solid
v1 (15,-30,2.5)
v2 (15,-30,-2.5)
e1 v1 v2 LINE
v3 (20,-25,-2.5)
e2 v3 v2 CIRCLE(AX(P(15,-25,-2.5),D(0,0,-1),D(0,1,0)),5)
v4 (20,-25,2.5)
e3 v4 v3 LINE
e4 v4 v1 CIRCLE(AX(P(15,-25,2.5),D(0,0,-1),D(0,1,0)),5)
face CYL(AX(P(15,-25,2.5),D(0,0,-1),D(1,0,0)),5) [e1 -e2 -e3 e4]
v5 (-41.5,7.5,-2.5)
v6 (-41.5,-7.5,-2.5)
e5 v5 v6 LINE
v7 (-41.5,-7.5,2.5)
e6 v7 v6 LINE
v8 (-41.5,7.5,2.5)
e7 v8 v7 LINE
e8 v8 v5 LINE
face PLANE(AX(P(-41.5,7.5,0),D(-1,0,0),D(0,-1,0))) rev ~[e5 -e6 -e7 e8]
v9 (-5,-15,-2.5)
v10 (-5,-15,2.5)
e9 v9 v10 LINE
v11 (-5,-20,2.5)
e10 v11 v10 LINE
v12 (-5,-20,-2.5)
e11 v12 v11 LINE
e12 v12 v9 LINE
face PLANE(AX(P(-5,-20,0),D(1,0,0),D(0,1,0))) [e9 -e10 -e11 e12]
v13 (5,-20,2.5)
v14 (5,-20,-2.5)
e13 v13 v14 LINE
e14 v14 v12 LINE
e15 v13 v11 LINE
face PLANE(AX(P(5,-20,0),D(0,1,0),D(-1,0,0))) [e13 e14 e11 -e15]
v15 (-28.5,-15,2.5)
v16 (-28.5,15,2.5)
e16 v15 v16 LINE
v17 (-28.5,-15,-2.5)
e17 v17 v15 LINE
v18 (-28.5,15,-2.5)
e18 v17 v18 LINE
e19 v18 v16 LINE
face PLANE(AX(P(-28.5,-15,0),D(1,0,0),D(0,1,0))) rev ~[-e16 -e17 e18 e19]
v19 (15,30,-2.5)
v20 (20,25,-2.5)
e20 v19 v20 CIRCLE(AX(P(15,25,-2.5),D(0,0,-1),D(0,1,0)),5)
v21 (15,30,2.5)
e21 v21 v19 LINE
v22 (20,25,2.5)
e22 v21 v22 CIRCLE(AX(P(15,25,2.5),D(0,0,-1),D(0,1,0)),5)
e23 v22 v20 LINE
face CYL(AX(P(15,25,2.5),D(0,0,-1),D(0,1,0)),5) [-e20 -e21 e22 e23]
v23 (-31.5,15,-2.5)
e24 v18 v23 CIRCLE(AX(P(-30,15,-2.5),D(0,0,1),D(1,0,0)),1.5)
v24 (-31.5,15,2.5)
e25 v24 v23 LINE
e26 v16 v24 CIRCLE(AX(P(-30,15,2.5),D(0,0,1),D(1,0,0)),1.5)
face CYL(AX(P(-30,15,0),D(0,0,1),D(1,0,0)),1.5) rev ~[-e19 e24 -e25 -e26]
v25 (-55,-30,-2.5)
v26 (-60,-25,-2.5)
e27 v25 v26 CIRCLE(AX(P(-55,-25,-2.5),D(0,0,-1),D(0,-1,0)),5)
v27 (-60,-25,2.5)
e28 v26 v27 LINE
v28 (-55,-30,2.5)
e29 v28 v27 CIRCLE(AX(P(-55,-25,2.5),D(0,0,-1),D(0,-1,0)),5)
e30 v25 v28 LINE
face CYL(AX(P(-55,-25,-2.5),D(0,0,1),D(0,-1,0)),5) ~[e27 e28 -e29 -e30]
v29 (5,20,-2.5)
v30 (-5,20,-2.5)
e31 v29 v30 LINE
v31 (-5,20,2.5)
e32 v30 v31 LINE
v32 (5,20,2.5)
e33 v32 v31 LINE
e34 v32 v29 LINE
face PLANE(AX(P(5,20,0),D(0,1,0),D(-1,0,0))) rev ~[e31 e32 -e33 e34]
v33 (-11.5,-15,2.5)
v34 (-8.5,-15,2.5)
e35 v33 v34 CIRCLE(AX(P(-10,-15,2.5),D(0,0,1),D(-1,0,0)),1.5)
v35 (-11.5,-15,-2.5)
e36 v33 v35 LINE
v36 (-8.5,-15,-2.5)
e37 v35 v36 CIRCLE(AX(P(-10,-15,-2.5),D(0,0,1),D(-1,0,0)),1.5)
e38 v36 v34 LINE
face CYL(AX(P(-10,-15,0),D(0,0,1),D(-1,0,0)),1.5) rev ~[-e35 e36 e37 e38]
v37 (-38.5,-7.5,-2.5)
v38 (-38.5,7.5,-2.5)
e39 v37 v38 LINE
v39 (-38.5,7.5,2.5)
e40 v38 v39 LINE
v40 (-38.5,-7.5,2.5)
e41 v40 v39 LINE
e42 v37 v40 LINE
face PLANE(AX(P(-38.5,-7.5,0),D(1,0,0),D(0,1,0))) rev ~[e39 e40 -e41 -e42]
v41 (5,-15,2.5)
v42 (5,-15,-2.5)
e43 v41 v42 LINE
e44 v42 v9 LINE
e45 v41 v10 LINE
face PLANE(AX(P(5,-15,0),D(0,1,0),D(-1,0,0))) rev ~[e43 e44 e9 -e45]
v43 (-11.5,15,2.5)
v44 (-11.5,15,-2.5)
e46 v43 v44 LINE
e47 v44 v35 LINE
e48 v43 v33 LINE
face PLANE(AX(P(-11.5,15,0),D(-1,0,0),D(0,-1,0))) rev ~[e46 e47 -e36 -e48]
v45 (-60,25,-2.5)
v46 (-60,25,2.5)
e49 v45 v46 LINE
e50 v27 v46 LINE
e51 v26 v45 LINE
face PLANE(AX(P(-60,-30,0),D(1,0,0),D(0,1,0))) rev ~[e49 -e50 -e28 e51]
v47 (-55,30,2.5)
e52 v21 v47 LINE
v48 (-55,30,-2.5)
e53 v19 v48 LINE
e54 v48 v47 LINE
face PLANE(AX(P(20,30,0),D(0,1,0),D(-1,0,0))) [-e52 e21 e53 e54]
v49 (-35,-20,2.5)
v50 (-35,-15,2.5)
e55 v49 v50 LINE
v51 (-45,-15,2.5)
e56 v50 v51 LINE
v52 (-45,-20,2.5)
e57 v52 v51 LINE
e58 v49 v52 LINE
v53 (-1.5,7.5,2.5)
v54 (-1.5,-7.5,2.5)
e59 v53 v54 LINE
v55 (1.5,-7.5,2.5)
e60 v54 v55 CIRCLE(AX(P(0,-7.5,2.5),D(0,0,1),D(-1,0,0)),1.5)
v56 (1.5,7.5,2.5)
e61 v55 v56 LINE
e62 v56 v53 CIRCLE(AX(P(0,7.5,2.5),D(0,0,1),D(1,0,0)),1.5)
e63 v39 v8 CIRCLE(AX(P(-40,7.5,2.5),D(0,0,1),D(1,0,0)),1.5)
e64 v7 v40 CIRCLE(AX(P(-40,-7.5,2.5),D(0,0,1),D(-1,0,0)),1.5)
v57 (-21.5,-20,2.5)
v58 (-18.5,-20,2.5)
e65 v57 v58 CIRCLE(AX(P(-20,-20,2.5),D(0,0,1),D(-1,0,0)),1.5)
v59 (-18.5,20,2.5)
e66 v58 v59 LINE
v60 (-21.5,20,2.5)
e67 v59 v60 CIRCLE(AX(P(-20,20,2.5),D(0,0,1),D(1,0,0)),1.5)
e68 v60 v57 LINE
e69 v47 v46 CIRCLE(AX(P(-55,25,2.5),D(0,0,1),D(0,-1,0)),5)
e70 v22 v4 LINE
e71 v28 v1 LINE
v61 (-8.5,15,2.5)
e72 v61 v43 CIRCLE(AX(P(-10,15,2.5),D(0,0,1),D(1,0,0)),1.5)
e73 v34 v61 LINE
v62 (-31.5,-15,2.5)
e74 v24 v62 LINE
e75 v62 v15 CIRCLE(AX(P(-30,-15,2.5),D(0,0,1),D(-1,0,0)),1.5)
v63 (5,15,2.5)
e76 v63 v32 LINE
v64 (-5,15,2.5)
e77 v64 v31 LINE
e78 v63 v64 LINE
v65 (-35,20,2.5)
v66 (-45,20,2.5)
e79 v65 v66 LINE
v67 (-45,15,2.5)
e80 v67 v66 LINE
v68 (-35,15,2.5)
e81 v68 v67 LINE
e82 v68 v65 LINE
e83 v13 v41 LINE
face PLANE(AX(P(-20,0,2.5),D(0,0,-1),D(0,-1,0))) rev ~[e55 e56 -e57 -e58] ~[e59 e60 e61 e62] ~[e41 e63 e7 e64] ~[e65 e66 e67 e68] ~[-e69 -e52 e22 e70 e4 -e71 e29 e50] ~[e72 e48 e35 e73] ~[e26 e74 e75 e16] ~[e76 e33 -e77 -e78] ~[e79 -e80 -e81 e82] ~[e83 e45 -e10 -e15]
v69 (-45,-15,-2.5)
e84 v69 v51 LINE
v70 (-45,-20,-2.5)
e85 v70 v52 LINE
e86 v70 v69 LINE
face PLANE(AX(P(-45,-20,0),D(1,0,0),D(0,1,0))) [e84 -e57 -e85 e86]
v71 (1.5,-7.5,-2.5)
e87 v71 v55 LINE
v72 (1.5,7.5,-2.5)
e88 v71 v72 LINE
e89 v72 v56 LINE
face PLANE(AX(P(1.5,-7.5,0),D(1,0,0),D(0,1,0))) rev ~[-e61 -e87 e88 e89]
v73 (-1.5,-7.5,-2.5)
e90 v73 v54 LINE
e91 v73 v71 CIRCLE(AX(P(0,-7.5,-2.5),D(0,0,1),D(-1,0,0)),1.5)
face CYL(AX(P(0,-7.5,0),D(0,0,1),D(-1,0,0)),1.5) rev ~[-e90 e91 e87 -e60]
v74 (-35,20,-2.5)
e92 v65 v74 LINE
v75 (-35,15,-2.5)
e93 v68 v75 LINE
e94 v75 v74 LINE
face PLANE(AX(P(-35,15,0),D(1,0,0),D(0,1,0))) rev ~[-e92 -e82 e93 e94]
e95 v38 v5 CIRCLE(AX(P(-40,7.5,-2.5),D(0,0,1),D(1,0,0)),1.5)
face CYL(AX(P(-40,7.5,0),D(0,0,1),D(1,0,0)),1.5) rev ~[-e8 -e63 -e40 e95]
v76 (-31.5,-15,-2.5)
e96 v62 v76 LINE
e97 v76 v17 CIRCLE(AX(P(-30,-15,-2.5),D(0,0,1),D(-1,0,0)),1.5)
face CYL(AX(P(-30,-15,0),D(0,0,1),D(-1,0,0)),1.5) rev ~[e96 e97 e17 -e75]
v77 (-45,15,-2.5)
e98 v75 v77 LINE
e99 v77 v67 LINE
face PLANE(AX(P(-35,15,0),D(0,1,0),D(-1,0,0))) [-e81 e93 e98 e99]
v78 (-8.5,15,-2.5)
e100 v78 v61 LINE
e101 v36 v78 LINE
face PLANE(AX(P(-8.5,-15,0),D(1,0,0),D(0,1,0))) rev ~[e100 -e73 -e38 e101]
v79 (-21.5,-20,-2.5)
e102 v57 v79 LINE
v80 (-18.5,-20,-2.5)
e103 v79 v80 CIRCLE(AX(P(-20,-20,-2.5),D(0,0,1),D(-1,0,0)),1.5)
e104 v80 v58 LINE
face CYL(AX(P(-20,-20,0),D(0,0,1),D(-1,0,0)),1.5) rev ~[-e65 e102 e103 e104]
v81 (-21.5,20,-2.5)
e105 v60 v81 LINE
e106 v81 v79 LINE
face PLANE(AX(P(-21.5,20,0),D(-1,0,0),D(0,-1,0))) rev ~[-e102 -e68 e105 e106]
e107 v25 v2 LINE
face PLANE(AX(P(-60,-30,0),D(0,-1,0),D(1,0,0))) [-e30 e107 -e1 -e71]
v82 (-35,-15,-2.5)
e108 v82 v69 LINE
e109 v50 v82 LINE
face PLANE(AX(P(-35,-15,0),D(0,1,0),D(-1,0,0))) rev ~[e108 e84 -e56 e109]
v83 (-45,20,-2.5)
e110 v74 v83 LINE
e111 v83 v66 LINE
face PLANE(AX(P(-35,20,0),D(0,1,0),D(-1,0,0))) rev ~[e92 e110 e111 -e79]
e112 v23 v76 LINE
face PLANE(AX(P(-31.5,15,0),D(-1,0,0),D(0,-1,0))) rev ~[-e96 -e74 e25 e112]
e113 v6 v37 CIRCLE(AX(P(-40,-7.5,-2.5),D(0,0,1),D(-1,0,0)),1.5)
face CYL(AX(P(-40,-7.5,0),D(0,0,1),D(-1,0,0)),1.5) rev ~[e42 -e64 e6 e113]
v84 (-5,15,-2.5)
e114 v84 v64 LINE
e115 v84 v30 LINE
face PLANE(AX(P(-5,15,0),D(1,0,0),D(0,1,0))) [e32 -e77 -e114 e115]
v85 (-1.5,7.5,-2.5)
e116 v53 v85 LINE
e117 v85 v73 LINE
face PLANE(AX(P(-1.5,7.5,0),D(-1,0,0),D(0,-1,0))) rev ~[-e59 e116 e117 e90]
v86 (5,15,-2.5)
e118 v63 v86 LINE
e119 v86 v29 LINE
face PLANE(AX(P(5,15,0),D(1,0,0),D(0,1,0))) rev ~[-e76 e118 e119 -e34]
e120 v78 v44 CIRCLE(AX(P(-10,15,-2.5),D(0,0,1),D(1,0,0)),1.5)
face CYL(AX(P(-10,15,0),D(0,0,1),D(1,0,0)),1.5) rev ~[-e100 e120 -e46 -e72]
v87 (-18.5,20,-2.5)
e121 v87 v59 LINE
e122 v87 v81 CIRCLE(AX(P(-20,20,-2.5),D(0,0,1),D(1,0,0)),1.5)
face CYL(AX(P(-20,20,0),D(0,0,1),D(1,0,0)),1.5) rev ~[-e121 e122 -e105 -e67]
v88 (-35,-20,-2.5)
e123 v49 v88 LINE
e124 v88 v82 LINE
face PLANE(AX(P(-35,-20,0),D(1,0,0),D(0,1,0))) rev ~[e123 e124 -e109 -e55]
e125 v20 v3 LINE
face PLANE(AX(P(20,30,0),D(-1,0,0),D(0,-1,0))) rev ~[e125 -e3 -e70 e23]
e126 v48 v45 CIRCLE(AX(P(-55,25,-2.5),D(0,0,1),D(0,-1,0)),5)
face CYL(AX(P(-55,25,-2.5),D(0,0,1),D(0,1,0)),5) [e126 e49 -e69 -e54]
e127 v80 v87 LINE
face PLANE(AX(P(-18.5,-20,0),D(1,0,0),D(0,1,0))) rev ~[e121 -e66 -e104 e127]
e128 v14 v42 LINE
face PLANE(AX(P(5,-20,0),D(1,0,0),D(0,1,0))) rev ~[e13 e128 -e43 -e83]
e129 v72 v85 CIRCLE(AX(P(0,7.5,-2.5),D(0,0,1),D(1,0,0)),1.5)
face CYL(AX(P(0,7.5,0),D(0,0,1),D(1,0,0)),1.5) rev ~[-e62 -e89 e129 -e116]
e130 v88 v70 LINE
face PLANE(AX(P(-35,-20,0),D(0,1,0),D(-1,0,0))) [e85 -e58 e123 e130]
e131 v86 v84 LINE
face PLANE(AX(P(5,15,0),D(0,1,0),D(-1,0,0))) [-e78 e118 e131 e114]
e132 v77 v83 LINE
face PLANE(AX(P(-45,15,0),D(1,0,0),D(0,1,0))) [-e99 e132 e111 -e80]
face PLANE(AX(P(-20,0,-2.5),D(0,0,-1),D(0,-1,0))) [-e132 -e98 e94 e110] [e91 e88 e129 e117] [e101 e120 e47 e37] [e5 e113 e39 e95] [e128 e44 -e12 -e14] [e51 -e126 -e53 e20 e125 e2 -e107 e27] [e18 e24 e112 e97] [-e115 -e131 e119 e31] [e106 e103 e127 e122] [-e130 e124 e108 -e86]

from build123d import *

# Parameters (mm, degrees)
SKETCH1_W           = 5
SKETCH1_H           = 10
BOSS_EXTRUDE1_DEPTH = 2.5
FILLET1_R           = 5


with BuildPart() as part:
    # Sketch1 → Boss-Extrude1 (new, symmetric)
    with BuildSketch(Plane(origin=(0, 0, 0), x_dir=(0, 1, 0), z_dir=(0, 0, 1))):
        Polygon((30, 0), (30, -20), (-30, -20), (-30, 0), (-30, 40), (-30, 60), (30, 60), (30, 40), align=None)
        with Locations((17.5, 0)):
            Rectangle(SKETCH1_W, SKETCH1_H, mode=Mode.SUBTRACT)
        with Locations((17.5, 40)):
            Rectangle(SKETCH1_W, SKETCH1_H, mode=Mode.SUBTRACT)
        with Locations((-17.5, 0)):
            Rectangle(SKETCH1_W, SKETCH1_H, mode=Mode.SUBTRACT)
        with Locations((-17.5, 40)):
            Rectangle(SKETCH1_W, SKETCH1_H, mode=Mode.SUBTRACT)
        with BuildLine():
            Line((7.5, 41.5), (-7.5, 41.5))
            ThreePointArc((-7.5, 41.5), (-9, 40), (-7.5, 38.5))
            Line((-7.5, 38.5), (7.5, 38.5))
            ThreePointArc((7.5, 38.5), (9, 40), (7.5, 41.5))
        make_face(mode=Mode.SUBTRACT)
        with BuildLine():
            Line((15, 31.5), (-15, 31.5))
            ThreePointArc((-15, 31.5), (-16.5, 30), (-15, 28.5))
            Line((-15, 28.5), (15, 28.5))
            ThreePointArc((15, 28.5), (16.5, 30), (15, 31.5))
        make_face(mode=Mode.SUBTRACT)
        with BuildLine():
            Line((20, 21.5), (-20, 21.5))
            ThreePointArc((-20, 21.5), (-21.5, 20), (-20, 18.5))
            Line((-20, 18.5), (20, 18.5))
            ThreePointArc((20, 18.5), (21.5, 20), (20, 21.5))
        make_face(mode=Mode.SUBTRACT)
        with BuildLine():
            Line((15, 11.5), (-15, 11.5))
            ThreePointArc((-15, 11.5), (-16.5, 10), (-15, 8.5))
            Line((-15, 8.5), (15, 8.5))
            ThreePointArc((15, 8.5), (16.5, 10), (15, 11.5))
        make_face(mode=Mode.SUBTRACT)
        with BuildLine():
            Line((7.5, 1.5), (-7.5, 1.5))
            ThreePointArc((-7.5, 1.5), (-9, 0), (-7.5, -1.5))
            Line((-7.5, -1.5), (7.5, -1.5))
            ThreePointArc((7.5, -1.5), (9, 0), (7.5, 1.5))
        make_face(mode=Mode.SUBTRACT)
    extrude(amount=BOSS_EXTRUDE1_DEPTH, both=True)

    # Fillet1
    fillet1_edges = [part.edges().sort_by_distance(p)[0] for p in [
        (-60, -30, 0),
        (-60, 30, 0),
        (20, 30, 0),
        (20, -30, 0),
    ]]
    fillet(fillet1_edges, radius=FILLET1_R)


solid = part.part
